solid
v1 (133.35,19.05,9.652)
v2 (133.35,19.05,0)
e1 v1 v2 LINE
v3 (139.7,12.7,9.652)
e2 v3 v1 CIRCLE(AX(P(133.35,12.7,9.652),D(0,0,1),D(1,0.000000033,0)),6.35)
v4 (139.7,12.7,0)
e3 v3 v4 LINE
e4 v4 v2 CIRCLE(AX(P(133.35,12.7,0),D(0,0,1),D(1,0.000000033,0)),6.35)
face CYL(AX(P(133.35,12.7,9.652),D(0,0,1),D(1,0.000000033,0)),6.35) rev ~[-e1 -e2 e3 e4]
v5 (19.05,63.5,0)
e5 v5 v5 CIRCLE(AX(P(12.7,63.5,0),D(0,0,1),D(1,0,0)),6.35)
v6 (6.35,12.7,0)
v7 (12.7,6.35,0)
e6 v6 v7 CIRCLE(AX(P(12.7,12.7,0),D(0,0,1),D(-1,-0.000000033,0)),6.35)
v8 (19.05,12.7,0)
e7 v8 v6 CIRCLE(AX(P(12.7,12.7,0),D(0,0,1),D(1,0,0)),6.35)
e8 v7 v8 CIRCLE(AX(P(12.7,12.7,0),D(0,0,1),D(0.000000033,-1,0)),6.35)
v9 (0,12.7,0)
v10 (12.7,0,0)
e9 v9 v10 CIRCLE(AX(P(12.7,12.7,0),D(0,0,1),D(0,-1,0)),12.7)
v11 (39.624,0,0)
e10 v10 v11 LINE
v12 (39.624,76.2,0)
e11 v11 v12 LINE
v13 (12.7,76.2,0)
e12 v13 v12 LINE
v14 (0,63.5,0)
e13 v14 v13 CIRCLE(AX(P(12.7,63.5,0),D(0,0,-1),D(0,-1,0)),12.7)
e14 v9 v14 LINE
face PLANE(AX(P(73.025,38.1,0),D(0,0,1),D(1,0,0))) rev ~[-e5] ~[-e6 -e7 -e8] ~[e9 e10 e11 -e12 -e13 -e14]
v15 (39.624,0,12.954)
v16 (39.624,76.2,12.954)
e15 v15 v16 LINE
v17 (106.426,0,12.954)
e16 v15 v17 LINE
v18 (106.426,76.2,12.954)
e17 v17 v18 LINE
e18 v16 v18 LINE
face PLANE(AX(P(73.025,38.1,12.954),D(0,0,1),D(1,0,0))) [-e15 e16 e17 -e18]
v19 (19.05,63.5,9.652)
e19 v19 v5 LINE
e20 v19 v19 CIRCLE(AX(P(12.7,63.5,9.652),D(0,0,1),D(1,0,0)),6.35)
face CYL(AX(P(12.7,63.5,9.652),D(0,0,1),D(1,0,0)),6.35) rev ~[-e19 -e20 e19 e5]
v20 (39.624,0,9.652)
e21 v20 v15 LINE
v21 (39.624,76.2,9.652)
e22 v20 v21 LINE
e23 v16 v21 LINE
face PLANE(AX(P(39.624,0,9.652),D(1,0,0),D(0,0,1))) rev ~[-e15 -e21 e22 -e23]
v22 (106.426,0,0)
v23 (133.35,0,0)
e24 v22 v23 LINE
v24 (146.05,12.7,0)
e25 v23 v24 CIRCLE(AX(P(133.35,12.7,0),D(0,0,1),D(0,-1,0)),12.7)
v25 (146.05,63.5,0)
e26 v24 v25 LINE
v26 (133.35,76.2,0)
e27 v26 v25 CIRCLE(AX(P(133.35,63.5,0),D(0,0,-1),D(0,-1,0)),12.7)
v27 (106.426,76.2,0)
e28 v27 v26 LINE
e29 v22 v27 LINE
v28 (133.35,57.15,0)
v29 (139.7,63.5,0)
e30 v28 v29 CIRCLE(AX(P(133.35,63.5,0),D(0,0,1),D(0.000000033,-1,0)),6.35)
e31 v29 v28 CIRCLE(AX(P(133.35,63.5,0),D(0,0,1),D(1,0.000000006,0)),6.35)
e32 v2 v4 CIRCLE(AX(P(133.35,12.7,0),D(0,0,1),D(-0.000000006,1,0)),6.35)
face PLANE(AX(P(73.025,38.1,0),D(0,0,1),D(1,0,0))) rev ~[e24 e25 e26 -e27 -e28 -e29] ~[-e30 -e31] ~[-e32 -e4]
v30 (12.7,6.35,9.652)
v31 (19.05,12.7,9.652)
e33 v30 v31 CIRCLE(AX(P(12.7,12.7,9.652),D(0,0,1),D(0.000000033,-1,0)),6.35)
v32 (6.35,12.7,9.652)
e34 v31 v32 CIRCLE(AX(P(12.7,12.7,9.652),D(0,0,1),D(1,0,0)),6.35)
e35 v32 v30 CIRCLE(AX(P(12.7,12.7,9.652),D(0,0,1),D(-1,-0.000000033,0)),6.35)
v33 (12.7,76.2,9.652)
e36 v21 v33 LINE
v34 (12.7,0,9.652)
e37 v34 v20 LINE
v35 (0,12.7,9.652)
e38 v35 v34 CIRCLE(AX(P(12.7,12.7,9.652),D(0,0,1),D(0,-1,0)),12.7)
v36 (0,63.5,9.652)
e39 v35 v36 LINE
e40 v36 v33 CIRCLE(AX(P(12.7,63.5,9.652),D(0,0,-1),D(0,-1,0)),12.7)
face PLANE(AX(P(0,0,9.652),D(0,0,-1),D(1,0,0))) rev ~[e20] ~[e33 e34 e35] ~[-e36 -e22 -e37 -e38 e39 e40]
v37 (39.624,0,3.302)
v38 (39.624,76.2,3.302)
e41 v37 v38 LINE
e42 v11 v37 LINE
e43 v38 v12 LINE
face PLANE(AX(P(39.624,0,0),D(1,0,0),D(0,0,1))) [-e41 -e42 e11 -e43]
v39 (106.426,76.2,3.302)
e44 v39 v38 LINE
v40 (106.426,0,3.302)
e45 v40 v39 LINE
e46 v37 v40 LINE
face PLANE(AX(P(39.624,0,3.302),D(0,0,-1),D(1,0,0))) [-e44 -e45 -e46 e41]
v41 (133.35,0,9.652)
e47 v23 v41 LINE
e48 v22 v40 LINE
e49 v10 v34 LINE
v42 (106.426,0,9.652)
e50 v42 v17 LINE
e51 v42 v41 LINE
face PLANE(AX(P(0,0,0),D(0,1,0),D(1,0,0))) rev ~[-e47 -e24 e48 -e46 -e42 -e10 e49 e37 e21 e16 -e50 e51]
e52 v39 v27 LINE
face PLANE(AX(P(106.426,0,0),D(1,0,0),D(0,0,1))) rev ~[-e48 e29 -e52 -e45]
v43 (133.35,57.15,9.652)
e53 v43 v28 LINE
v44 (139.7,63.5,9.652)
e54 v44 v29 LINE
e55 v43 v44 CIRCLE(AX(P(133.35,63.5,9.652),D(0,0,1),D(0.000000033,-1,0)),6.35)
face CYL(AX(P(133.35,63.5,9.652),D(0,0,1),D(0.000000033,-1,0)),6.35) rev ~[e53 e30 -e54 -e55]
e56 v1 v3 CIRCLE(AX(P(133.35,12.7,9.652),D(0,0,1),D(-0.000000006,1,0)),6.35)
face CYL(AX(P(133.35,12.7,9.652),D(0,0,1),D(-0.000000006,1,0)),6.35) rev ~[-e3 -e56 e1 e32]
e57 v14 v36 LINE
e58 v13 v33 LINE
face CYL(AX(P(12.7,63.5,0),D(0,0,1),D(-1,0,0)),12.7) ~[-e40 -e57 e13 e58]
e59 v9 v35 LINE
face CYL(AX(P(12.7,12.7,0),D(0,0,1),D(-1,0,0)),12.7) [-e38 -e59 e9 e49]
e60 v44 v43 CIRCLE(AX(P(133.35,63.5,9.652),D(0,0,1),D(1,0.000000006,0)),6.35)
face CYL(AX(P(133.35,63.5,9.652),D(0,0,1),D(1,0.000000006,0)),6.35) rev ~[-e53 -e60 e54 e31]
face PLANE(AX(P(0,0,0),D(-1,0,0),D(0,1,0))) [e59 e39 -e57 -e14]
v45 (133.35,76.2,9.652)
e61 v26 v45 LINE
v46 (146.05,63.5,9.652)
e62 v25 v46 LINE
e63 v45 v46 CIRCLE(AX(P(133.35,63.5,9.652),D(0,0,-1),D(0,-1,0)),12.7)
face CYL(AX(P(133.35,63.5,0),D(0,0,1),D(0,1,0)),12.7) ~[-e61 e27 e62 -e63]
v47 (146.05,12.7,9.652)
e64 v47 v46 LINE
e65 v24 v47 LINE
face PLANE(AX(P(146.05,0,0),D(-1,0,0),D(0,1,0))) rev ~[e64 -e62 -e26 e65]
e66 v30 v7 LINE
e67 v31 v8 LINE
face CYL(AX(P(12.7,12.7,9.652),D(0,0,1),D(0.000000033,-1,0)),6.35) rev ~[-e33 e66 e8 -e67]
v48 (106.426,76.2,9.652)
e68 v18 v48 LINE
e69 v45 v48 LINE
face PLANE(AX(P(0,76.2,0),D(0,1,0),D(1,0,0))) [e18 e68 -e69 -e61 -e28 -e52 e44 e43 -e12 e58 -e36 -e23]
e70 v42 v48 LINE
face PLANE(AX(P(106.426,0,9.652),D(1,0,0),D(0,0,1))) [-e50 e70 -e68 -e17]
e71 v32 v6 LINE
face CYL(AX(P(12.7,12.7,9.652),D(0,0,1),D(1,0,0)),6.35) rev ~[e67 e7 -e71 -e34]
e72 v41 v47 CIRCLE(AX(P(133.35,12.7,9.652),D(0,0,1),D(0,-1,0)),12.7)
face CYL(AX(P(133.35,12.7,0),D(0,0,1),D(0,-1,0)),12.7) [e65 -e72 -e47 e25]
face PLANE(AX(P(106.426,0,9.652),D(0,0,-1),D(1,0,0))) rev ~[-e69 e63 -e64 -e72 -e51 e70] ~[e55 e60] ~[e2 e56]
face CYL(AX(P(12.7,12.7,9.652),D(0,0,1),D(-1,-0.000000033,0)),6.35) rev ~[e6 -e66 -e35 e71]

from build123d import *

# Parameters (mm, degrees)
F0_W     = 146.05
F0_H     = 76.2
F1_DEPTH = 12.954
F2_W     = 39.624
F2_H     = 3.302
F3_DEPTH = 76.201
F4_W     = 66.802
F4_H     = 3.302
F5_DEPTH = 76.201
F6_R     = 12.7
F7_R     = 6.35
F9_DEPTH = 9.653


with BuildPart() as f1:
    # F0 (on Top) → F1 (new body)
    with BuildSketch(Plane.XY):
        with Locations((73.025, 38.1)):
            Rectangle(F0_W, F0_H)
    extrude(amount=F1_DEPTH)

    # F2 (on face) → F3 (cut, through all)
    with BuildSketch(Plane.XZ):
        with Locations((126.238, 11.303)):
            Rectangle(F2_W, F2_H)
        with Locations((19.812, 11.303)):
            Rectangle(F2_W, F2_H)
    extrude(amount=-F3_DEPTH, mode=Mode.SUBTRACT)

    # F4 (on face) → F5 (cut, through all)
    with BuildSketch(Plane.XZ):
        with Locations((73.025, 1.651)):
            Rectangle(F4_W, F4_H)
    extrude(amount=-F5_DEPTH, mode=Mode.SUBTRACT)

    # F6
    f6_edges = [f1.edges().sort_by_distance(p)[0] for p in [
        (0, 0, 4.826),
        (0, 76.2, 4.826),
        (146.05, 76.2, 4.826),
        (146.05, 0, 4.826),
    ]]
    fillet(f6_edges, radius=F6_R)

    # F8 (on face) + F7 (on face) → F9 (cut, through all)
    with BuildSketch(Plane.XY.offset(9.652)):
        with BuildLine():
            Line((133.35, 63.5), (139.7, 63.5))
            ThreePointArc((139.7, 63.5), (128.859872, 67.990128), (133.35, 57.15))
            Line((133.35, 57.15), (133.35, 63.5))
        make_face()
        with BuildLine():
            ThreePointArc((133.35, 57.15), (137.840128, 59.009872), (139.7, 63.5))
            Line((139.7, 63.5), (133.35, 63.5))
            Line((133.35, 63.5), (133.35, 57.15))
        make_face()
        with BuildLine():
            ThreePointArc((139.7, 12.7), (137.840128, 17.190128), (133.35, 19.05))
            ThreePointArc((133.35, 19.05), (128.859872, 8.209872), (139.7, 12.7))
        make_face()
    with BuildSketch(Plane.XY.offset(9.652)):
        with Locations((12.7, 63.5)):
            Circle(F7_R)
        with BuildLine():
            Line((12.7, 12.7), (12.7, 6.35))
            ThreePointArc((12.7, 6.35), (17.190128, 8.209872), (19.05, 12.7))
            ThreePointArc((19.05, 12.7), (12.7, 19.05), (6.35, 12.7))
            Line((6.35, 12.7), (12.7, 12.7))
        make_face()
        with BuildLine():
            ThreePointArc((6.35, 12.7), (8.209872, 8.209872), (12.7, 6.35))
            Line((12.7, 6.35), (12.7, 12.7))
            Line((12.7, 12.7), (6.35, 12.7))
        make_face()
    extrude(amount=-F9_DEPTH, mode=Mode.SUBTRACT)


solid = f1.part
